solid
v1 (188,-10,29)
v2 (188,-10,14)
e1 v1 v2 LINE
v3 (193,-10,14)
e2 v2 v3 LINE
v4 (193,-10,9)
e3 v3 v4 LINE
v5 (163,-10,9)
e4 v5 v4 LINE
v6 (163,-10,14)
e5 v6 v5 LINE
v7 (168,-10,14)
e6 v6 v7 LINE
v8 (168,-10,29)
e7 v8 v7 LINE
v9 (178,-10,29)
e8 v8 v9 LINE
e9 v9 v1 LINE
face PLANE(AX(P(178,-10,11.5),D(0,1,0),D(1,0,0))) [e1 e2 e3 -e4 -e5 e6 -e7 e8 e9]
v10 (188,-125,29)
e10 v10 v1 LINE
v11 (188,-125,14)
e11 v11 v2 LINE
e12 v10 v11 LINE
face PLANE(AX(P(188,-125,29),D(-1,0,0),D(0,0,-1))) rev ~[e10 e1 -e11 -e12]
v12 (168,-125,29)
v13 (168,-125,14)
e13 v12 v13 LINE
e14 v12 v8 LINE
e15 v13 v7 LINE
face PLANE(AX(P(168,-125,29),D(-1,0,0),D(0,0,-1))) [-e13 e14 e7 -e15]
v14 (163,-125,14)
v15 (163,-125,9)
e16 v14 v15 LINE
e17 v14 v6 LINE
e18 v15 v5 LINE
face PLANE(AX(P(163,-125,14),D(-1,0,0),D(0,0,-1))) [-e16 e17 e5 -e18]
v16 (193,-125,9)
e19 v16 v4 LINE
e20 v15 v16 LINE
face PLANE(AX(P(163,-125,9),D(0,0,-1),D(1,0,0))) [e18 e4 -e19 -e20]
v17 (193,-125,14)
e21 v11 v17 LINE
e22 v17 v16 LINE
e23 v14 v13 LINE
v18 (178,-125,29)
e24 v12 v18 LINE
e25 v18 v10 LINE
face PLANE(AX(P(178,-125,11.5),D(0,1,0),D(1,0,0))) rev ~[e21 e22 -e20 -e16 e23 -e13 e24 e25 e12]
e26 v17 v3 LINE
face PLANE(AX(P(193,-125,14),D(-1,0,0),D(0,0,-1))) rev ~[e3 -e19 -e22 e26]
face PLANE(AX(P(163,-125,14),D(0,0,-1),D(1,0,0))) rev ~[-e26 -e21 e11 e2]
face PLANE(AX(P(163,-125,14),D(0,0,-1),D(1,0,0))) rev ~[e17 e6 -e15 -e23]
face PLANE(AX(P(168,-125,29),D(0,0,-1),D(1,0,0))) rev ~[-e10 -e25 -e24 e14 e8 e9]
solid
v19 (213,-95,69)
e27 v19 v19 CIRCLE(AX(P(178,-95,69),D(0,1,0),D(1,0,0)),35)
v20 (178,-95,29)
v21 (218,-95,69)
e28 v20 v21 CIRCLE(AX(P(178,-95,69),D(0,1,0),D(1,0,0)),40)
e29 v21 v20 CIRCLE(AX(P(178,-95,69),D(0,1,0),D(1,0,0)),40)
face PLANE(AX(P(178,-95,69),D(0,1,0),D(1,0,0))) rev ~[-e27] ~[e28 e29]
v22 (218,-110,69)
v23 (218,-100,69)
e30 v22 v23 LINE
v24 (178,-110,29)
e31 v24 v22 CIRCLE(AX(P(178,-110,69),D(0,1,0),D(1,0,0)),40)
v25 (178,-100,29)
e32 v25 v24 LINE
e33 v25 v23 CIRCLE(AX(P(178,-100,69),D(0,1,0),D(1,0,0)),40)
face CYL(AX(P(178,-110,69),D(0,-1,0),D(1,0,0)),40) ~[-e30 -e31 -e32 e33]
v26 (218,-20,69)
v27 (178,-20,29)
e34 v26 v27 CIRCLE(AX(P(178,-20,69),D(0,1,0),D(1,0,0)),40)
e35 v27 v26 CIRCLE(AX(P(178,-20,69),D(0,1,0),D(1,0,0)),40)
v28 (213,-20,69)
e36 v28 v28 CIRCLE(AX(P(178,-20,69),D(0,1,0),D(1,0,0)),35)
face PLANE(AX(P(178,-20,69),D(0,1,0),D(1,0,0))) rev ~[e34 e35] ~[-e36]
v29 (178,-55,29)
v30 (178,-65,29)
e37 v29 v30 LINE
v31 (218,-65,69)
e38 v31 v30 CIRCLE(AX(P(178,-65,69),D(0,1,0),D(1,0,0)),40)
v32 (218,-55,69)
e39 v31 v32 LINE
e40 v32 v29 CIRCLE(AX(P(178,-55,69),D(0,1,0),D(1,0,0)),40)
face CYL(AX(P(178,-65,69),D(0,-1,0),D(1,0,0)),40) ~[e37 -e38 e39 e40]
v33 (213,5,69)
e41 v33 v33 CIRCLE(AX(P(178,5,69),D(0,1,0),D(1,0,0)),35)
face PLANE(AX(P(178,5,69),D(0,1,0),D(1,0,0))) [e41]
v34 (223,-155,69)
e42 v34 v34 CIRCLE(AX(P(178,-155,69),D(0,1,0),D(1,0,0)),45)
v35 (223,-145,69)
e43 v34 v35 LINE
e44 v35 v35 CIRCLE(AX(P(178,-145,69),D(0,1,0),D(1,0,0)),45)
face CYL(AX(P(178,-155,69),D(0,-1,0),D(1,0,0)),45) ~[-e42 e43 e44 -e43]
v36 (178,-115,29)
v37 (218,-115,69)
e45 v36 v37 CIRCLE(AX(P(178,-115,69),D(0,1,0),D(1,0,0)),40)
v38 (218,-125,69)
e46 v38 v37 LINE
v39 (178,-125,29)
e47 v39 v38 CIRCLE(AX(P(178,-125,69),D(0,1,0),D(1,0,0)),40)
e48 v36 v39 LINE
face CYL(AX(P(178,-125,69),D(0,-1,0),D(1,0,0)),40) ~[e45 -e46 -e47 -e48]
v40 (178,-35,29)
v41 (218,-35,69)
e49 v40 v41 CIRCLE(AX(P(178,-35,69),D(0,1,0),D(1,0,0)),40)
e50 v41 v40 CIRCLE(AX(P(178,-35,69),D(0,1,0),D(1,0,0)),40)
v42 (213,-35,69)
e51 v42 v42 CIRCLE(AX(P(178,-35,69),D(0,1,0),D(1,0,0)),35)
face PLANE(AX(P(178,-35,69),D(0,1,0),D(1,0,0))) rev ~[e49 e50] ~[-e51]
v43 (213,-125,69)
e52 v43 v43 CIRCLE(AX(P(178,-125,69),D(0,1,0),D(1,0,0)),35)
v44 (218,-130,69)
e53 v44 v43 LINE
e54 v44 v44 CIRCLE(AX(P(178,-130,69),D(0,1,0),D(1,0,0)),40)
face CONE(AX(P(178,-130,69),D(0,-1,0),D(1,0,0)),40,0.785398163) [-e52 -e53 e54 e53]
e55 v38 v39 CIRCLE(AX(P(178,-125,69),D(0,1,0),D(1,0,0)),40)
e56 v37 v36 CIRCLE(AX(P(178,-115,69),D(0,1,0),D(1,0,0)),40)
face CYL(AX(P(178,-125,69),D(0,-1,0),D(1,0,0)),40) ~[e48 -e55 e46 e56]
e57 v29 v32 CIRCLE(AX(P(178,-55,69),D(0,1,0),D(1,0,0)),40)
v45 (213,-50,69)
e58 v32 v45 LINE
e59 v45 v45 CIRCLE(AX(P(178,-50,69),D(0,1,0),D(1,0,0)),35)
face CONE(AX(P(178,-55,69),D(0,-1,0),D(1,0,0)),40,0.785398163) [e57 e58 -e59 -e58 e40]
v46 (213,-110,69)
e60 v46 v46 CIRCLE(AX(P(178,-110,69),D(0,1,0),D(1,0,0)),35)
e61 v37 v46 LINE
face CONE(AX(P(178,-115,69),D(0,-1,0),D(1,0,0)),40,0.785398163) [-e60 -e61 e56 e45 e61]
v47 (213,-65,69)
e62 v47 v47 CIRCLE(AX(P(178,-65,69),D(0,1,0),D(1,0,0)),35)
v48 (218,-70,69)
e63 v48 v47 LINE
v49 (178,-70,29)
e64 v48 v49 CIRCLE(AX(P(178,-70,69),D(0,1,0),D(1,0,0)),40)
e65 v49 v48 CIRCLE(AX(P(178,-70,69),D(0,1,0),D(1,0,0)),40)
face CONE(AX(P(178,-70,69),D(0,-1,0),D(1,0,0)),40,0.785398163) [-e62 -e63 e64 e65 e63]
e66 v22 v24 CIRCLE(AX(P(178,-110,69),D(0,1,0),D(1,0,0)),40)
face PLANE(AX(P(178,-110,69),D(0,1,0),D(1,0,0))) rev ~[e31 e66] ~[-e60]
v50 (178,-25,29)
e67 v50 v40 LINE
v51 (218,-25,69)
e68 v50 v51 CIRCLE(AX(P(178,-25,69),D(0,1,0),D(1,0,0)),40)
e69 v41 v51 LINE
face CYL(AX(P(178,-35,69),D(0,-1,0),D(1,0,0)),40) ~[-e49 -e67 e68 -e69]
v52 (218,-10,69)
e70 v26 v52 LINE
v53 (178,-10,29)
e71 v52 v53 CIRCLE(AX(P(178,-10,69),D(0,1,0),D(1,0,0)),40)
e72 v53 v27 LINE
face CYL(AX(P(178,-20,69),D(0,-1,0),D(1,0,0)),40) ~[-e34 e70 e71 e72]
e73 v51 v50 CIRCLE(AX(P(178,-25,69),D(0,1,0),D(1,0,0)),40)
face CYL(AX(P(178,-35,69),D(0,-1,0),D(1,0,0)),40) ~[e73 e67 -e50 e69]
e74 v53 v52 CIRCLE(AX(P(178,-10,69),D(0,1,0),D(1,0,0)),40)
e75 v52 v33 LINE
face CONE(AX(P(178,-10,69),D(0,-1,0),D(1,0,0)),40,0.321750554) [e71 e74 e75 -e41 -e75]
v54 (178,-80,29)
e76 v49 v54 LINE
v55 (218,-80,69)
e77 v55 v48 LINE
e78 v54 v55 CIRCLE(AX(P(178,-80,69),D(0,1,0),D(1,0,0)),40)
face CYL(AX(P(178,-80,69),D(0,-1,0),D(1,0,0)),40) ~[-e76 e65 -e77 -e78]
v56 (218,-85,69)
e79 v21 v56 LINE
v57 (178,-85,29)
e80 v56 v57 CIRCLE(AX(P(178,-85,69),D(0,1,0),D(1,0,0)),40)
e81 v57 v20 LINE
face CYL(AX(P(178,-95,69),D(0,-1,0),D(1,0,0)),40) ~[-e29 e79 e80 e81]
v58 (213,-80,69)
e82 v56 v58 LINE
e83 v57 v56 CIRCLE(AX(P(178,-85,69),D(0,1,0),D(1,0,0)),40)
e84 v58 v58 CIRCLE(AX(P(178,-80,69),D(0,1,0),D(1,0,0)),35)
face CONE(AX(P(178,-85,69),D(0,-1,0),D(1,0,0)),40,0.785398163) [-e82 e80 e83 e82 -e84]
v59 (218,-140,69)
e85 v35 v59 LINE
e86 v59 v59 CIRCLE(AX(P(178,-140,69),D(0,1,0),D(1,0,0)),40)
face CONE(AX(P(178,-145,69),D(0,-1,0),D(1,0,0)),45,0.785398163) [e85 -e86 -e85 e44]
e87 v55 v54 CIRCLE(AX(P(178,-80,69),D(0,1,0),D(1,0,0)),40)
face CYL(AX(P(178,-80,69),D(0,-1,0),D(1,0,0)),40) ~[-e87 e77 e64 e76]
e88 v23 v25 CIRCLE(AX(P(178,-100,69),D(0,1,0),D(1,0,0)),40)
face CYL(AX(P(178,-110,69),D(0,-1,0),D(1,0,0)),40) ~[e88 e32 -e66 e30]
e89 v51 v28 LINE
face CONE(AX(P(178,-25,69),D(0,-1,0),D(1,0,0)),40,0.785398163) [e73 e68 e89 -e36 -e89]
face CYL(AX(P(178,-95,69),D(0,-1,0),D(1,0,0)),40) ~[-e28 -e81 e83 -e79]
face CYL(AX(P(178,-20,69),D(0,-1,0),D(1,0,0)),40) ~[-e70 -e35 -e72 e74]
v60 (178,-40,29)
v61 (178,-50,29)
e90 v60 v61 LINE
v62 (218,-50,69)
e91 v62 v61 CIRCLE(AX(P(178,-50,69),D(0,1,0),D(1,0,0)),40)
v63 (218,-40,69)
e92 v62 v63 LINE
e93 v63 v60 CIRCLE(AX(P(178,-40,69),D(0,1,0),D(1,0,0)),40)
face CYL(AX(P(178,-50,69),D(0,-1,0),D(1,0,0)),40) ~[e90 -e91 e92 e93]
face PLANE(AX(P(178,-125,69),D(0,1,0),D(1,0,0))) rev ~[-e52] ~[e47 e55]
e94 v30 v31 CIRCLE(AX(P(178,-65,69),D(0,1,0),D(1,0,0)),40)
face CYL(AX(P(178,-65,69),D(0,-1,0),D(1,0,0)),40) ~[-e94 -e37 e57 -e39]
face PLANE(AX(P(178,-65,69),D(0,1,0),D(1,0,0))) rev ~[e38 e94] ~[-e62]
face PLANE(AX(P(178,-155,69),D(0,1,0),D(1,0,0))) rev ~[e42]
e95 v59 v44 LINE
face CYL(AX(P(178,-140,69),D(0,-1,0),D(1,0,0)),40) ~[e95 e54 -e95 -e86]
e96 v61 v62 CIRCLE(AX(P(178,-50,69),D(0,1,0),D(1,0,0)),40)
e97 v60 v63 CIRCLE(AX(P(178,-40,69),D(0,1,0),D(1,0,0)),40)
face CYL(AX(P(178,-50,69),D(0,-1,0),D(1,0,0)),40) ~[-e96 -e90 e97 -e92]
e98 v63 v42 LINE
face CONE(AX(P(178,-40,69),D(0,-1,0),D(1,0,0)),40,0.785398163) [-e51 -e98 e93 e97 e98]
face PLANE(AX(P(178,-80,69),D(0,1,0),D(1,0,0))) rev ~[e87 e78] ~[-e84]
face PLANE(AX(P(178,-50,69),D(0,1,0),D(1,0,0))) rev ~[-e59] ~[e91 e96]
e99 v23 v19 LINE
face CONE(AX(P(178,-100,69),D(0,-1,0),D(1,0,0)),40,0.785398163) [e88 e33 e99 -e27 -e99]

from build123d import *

# Parameters (mm, degrees)
CYLINDER010_R             = 40
CYLINDER010_DEPTH         = 10
CYLINDER008_R             = 40
CYLINDER008_DEPTH         = 10
CYLINDER009_R             = 40
CYLINDER009_DEPTH         = 10
CYLINDER007_R             = 40
CYLINDER007_DEPTH         = 10
CYLINDER006_R             = 40
CYLINDER006_DEPTH         = 10
CYLINDER005_R             = 40
CYLINDER005_DEPTH         = 10
CYLINDER078_R             = 40
CYLINDER078_DEPTH         = 10
CYLINDER081_R             = 40
CYLINDER081_DEPTH         = 10
CYLINDER080_R             = 45
CYLINDER080_DEPTH         = 10
CYLINDER079_R             = 40
CYLINDER079_DEPTH         = 10
BOX066_W                  = 20
BOX066_H                  = 15
BOX066_DEPTH              = 115
BOX067_W                  = 30
BOX067_H                  = 5
BOX067_DEPTH              = 115
FUSION043_PLACEMENT_ANGLE = 90


with BuildPart() as cylinder010:
    # Cylinder010 → Cylinder010 (new body)
    with BuildSketch(Plane.XY):
        Circle(CYLINDER010_R)
    extrude(amount=CYLINDER010_DEPTH)


with BuildPart() as middle007:
    # Cone010 → Cone010 (revolve)
    with BuildSketch(Plane(origin=(0, 0, 10), x_dir=(1, 0, 0), z_dir=(0, -1, 0))):
        Polygon((0, 0), (40, 0), (35, 5), (0, 5), align=None)
    revolve(axis=Axis((0, 0, 10), (0, 0, 1)))

    # Fusion044: union Cylinder010
    add(cylinder010.part)


with BuildPart() as middle007_1:
    # Fusion044 placement: moved
    add(middle007.part.moved(Location((85, -60, -23))))


with BuildPart() as cylinder008:
    # Cylinder008 → Cylinder008 (new body)
    with BuildSketch(Plane.XY):
        Circle(CYLINDER008_R)
    extrude(amount=CYLINDER008_DEPTH)


with BuildPart() as middle006:
    # Cone008 → Cone008 (revolve)
    with BuildSketch(Plane(origin=(0, 0, 10), x_dir=(1, 0, 0), z_dir=(0, -1, 0))):
        Polygon((0, 0), (40, 0), (35, 5), (0, 5), align=None)
    revolve(axis=Axis((0, 0, 10), (0, 0, 1)))

    # Fusion008: union Cylinder008
    add(cylinder008.part)


with BuildPart() as middle006_1:
    # Fusion008 placement: moved
    add(middle006.part.moved(Location((85, -60, -8))))


with BuildPart() as cylinder009:
    # Cylinder009 → Cylinder009 (new body)
    with BuildSketch(Plane.XY):
        Circle(CYLINDER009_R)
    extrude(amount=CYLINDER009_DEPTH)


with BuildPart() as middle002:
    # Cone009 → Cone009 (revolve)
    with BuildSketch(Plane(origin=(0, 0, 10), x_dir=(1, 0, 0), z_dir=(0, -1, 0))):
        Polygon((0, 0), (40, 0), (35, 5), (0, 5), align=None)
    revolve(axis=Axis((0, 0, 10), (0, 0, 1)))

    # Fusion047: union Cylinder009
    add(cylinder009.part)


with BuildPart() as middle002_1:
    # Fusion047 placement: moved
    add(middle002.part.moved(Location((85, -60, 52))))


with BuildPart() as cylinder007:
    # Cylinder007 → Cylinder007 (new body)
    with BuildSketch(Plane.XY):
        Circle(CYLINDER007_R)
    extrude(amount=CYLINDER007_DEPTH)


with BuildPart() as middle005:
    # Cone007 → Cone007 (revolve)
    with BuildSketch(Plane(origin=(0, 0, 10), x_dir=(1, 0, 0), z_dir=(0, -1, 0))):
        Polygon((0, 0), (40, 0), (35, 5), (0, 5), align=None)
    revolve(axis=Axis((0, 0, 10), (0, 0, 1)))

    # Fusion007: union Cylinder007
    add(cylinder007.part)


with BuildPart() as middle005_1:
    # Fusion007 placement: moved
    add(middle005.part.moved(Location((85, -60, 7))))


with BuildPart() as cylinder006:
    # Cylinder006 → Cylinder006 (new body)
    with BuildSketch(Plane.XY):
        Circle(CYLINDER006_R)
    extrude(amount=CYLINDER006_DEPTH)


with BuildPart() as middle004:
    # Cone006 → Cone006 (revolve)
    with BuildSketch(Plane(origin=(0, 0, 10), x_dir=(1, 0, 0), z_dir=(0, -1, 0))):
        Polygon((0, 0), (40, 0), (35, 5), (0, 5), align=None)
    revolve(axis=Axis((0, 0, 10), (0, 0, 1)))

    # Fusion046: union Cylinder006
    add(cylinder006.part)


with BuildPart() as middle004_1:
    # Fusion046 placement: moved
    add(middle004.part.moved(Location((85, -60, 22))))


with BuildPart() as cylinder005:
    # Cylinder005 → Cylinder005 (new body)
    with BuildSketch(Plane.XY):
        Circle(CYLINDER005_R)
    extrude(amount=CYLINDER005_DEPTH)


with BuildPart() as middle003:
    # Cone005 → Cone005 (revolve)
    with BuildSketch(Plane(origin=(0, 0, 10), x_dir=(1, 0, 0), z_dir=(0, -1, 0))):
        Polygon((0, 0), (40, 0), (35, 5), (0, 5), align=None)
    revolve(axis=Axis((0, 0, 10), (0, 0, 1)))

    # Fusion045: union Cylinder005
    add(cylinder005.part)


with BuildPart() as middle003_1:
    # Fusion045 placement: moved
    add(middle003.part.moved(Location((85, -60, 37))))


with BuildPart() as cylinder078:
    # Cylinder078 → Cylinder078 (new body)
    with BuildSketch(Plane.XY):
        Circle(CYLINDER078_R)
    extrude(amount=CYLINDER078_DEPTH)


with BuildPart() as middle008:
    # Cone004 → Cone004 (revolve)
    with BuildSketch(Plane(origin=(0, 0, 10), x_dir=(1, 0, 0), z_dir=(0, -1, 0))):
        Polygon((0, 0), (40, 0), (35, 5), (0, 5), align=None)
    revolve(axis=Axis((0, 0, 10), (0, 0, 1)))

    # Fusion004: union Cylinder078
    add(cylinder078.part)


with BuildPart() as middle008_1:
    # Fusion004 placement: moved
    add(middle008.part.moved(Location((85, -60, -38))))


with BuildPart() as cylinder081:
    # Cylinder081 → Cylinder081 (new body)
    with BuildSketch(Plane.XY):
        Circle(CYLINDER081_R)
    extrude(amount=CYLINDER081_DEPTH)


with BuildPart() as middle001:
    # Cone003 → Cone003 (revolve)
    with BuildSketch(Plane(origin=(0, 0, 10), x_dir=(1, 0, 0), z_dir=(0, -1, 0))):
        Polygon((0, 0), (40, 0), (35, 5), (0, 5), align=None)
    revolve(axis=Axis((0, 0, 10), (0, 0, 1)))

    # Fusion003: union Cylinder081
    add(cylinder081.part)


with BuildPart() as middle001_1:
    # Fusion003 placement: moved
    add(middle001.part.moved(Location((85, -60, 67))))


with BuildPart() as cylinder080:
    # Cylinder080 → Cylinder080 (new body)
    with BuildSketch(Plane.XY):
        Circle(CYLINDER080_R)
    extrude(amount=CYLINDER080_DEPTH)


with BuildPart() as bottom:
    # Cone002 → Cone002 (revolve)
    with BuildSketch(Plane(origin=(0, 0, 10), x_dir=(1, 0, 0), z_dir=(0, -1, 0))):
        Polygon((0, 0), (45, 0), (40, 5), (0, 5), align=None)
    revolve(axis=Axis((0, 0, 10), (0, 0, 1)))

    # Fusion002: union Cylinder080
    add(cylinder080.part)


with BuildPart() as bottom_1:
    # Fusion002 placement: moved
    add(bottom.part.moved(Location((85, -60, -53))))


with BuildPart() as cylinder079:
    # Cylinder079 → Cylinder079 (new body)
    with BuildSketch(Plane.XY):
        Circle(CYLINDER079_R)
    extrude(amount=CYLINDER079_DEPTH)


with BuildPart() as top:
    # Cone → Cone (revolve)
    with BuildSketch(Plane(origin=(0, 0, 10), x_dir=(1, 0, 0), z_dir=(0, -1, 0))):
        Polygon((0, 0), (40, 0), (35, 15), (0, 15), align=None)
    revolve(axis=Axis((0, 0, 10), (0, 0, 1)))

    # Fusion048: union Cylinder079
    add(cylinder079.part)


with BuildPart() as top_1:
    # Fusion048 placement: moved
    add(top.part.moved(Location((85, -60, 82))))


with BuildPart() as holdermain:
    # Box066 → Box066 (new body)
    with BuildSketch(Plane(origin=(75, -20, -23), x_dir=(1, 0, 0), z_dir=(0, 0, 1))):
        with Locations((10, 7.5)):
            Rectangle(BOX066_W, BOX066_H)
    extrude(amount=BOX066_DEPTH)


with BuildPart() as radiation_shield:
    # Box067 → Box067 (new body)
    with BuildSketch(Plane(origin=(70, -5, -23), x_dir=(1, 0, 0), z_dir=(0, 0, 1))):
        with Locations((15, 2.5)):
            Rectangle(BOX067_W, BOX067_H)
    extrude(amount=BOX067_DEPTH)

    # Fusion042: union HolderMain
    add(holdermain.part)

    # Fusion043: union Middle007, Middle006, Middle002, Middle005, Middle004, Middle003, Middle008, Middle001, Bottom, Top
    add(middle007_1.part)
    add(middle006_1.part)
    add(middle002_1.part)
    add(middle005_1.part)
    add(middle004_1.part)
    add(middle003_1.part)
    add(middle008_1.part)
    add(middle001_1.part)
    add(bottom_1.part)
    add(top_1.part)


with BuildPart() as radiation_shield_1:
    # Fusion043 placement: moved
    add(radiation_shield.part.moved(Location((93, -102, 9))).rotate(Axis((93, -102, 9), (-1, 0, 0)), FUSION043_PLACEMENT_ANGLE))


solid = radiation_shield_1.part
